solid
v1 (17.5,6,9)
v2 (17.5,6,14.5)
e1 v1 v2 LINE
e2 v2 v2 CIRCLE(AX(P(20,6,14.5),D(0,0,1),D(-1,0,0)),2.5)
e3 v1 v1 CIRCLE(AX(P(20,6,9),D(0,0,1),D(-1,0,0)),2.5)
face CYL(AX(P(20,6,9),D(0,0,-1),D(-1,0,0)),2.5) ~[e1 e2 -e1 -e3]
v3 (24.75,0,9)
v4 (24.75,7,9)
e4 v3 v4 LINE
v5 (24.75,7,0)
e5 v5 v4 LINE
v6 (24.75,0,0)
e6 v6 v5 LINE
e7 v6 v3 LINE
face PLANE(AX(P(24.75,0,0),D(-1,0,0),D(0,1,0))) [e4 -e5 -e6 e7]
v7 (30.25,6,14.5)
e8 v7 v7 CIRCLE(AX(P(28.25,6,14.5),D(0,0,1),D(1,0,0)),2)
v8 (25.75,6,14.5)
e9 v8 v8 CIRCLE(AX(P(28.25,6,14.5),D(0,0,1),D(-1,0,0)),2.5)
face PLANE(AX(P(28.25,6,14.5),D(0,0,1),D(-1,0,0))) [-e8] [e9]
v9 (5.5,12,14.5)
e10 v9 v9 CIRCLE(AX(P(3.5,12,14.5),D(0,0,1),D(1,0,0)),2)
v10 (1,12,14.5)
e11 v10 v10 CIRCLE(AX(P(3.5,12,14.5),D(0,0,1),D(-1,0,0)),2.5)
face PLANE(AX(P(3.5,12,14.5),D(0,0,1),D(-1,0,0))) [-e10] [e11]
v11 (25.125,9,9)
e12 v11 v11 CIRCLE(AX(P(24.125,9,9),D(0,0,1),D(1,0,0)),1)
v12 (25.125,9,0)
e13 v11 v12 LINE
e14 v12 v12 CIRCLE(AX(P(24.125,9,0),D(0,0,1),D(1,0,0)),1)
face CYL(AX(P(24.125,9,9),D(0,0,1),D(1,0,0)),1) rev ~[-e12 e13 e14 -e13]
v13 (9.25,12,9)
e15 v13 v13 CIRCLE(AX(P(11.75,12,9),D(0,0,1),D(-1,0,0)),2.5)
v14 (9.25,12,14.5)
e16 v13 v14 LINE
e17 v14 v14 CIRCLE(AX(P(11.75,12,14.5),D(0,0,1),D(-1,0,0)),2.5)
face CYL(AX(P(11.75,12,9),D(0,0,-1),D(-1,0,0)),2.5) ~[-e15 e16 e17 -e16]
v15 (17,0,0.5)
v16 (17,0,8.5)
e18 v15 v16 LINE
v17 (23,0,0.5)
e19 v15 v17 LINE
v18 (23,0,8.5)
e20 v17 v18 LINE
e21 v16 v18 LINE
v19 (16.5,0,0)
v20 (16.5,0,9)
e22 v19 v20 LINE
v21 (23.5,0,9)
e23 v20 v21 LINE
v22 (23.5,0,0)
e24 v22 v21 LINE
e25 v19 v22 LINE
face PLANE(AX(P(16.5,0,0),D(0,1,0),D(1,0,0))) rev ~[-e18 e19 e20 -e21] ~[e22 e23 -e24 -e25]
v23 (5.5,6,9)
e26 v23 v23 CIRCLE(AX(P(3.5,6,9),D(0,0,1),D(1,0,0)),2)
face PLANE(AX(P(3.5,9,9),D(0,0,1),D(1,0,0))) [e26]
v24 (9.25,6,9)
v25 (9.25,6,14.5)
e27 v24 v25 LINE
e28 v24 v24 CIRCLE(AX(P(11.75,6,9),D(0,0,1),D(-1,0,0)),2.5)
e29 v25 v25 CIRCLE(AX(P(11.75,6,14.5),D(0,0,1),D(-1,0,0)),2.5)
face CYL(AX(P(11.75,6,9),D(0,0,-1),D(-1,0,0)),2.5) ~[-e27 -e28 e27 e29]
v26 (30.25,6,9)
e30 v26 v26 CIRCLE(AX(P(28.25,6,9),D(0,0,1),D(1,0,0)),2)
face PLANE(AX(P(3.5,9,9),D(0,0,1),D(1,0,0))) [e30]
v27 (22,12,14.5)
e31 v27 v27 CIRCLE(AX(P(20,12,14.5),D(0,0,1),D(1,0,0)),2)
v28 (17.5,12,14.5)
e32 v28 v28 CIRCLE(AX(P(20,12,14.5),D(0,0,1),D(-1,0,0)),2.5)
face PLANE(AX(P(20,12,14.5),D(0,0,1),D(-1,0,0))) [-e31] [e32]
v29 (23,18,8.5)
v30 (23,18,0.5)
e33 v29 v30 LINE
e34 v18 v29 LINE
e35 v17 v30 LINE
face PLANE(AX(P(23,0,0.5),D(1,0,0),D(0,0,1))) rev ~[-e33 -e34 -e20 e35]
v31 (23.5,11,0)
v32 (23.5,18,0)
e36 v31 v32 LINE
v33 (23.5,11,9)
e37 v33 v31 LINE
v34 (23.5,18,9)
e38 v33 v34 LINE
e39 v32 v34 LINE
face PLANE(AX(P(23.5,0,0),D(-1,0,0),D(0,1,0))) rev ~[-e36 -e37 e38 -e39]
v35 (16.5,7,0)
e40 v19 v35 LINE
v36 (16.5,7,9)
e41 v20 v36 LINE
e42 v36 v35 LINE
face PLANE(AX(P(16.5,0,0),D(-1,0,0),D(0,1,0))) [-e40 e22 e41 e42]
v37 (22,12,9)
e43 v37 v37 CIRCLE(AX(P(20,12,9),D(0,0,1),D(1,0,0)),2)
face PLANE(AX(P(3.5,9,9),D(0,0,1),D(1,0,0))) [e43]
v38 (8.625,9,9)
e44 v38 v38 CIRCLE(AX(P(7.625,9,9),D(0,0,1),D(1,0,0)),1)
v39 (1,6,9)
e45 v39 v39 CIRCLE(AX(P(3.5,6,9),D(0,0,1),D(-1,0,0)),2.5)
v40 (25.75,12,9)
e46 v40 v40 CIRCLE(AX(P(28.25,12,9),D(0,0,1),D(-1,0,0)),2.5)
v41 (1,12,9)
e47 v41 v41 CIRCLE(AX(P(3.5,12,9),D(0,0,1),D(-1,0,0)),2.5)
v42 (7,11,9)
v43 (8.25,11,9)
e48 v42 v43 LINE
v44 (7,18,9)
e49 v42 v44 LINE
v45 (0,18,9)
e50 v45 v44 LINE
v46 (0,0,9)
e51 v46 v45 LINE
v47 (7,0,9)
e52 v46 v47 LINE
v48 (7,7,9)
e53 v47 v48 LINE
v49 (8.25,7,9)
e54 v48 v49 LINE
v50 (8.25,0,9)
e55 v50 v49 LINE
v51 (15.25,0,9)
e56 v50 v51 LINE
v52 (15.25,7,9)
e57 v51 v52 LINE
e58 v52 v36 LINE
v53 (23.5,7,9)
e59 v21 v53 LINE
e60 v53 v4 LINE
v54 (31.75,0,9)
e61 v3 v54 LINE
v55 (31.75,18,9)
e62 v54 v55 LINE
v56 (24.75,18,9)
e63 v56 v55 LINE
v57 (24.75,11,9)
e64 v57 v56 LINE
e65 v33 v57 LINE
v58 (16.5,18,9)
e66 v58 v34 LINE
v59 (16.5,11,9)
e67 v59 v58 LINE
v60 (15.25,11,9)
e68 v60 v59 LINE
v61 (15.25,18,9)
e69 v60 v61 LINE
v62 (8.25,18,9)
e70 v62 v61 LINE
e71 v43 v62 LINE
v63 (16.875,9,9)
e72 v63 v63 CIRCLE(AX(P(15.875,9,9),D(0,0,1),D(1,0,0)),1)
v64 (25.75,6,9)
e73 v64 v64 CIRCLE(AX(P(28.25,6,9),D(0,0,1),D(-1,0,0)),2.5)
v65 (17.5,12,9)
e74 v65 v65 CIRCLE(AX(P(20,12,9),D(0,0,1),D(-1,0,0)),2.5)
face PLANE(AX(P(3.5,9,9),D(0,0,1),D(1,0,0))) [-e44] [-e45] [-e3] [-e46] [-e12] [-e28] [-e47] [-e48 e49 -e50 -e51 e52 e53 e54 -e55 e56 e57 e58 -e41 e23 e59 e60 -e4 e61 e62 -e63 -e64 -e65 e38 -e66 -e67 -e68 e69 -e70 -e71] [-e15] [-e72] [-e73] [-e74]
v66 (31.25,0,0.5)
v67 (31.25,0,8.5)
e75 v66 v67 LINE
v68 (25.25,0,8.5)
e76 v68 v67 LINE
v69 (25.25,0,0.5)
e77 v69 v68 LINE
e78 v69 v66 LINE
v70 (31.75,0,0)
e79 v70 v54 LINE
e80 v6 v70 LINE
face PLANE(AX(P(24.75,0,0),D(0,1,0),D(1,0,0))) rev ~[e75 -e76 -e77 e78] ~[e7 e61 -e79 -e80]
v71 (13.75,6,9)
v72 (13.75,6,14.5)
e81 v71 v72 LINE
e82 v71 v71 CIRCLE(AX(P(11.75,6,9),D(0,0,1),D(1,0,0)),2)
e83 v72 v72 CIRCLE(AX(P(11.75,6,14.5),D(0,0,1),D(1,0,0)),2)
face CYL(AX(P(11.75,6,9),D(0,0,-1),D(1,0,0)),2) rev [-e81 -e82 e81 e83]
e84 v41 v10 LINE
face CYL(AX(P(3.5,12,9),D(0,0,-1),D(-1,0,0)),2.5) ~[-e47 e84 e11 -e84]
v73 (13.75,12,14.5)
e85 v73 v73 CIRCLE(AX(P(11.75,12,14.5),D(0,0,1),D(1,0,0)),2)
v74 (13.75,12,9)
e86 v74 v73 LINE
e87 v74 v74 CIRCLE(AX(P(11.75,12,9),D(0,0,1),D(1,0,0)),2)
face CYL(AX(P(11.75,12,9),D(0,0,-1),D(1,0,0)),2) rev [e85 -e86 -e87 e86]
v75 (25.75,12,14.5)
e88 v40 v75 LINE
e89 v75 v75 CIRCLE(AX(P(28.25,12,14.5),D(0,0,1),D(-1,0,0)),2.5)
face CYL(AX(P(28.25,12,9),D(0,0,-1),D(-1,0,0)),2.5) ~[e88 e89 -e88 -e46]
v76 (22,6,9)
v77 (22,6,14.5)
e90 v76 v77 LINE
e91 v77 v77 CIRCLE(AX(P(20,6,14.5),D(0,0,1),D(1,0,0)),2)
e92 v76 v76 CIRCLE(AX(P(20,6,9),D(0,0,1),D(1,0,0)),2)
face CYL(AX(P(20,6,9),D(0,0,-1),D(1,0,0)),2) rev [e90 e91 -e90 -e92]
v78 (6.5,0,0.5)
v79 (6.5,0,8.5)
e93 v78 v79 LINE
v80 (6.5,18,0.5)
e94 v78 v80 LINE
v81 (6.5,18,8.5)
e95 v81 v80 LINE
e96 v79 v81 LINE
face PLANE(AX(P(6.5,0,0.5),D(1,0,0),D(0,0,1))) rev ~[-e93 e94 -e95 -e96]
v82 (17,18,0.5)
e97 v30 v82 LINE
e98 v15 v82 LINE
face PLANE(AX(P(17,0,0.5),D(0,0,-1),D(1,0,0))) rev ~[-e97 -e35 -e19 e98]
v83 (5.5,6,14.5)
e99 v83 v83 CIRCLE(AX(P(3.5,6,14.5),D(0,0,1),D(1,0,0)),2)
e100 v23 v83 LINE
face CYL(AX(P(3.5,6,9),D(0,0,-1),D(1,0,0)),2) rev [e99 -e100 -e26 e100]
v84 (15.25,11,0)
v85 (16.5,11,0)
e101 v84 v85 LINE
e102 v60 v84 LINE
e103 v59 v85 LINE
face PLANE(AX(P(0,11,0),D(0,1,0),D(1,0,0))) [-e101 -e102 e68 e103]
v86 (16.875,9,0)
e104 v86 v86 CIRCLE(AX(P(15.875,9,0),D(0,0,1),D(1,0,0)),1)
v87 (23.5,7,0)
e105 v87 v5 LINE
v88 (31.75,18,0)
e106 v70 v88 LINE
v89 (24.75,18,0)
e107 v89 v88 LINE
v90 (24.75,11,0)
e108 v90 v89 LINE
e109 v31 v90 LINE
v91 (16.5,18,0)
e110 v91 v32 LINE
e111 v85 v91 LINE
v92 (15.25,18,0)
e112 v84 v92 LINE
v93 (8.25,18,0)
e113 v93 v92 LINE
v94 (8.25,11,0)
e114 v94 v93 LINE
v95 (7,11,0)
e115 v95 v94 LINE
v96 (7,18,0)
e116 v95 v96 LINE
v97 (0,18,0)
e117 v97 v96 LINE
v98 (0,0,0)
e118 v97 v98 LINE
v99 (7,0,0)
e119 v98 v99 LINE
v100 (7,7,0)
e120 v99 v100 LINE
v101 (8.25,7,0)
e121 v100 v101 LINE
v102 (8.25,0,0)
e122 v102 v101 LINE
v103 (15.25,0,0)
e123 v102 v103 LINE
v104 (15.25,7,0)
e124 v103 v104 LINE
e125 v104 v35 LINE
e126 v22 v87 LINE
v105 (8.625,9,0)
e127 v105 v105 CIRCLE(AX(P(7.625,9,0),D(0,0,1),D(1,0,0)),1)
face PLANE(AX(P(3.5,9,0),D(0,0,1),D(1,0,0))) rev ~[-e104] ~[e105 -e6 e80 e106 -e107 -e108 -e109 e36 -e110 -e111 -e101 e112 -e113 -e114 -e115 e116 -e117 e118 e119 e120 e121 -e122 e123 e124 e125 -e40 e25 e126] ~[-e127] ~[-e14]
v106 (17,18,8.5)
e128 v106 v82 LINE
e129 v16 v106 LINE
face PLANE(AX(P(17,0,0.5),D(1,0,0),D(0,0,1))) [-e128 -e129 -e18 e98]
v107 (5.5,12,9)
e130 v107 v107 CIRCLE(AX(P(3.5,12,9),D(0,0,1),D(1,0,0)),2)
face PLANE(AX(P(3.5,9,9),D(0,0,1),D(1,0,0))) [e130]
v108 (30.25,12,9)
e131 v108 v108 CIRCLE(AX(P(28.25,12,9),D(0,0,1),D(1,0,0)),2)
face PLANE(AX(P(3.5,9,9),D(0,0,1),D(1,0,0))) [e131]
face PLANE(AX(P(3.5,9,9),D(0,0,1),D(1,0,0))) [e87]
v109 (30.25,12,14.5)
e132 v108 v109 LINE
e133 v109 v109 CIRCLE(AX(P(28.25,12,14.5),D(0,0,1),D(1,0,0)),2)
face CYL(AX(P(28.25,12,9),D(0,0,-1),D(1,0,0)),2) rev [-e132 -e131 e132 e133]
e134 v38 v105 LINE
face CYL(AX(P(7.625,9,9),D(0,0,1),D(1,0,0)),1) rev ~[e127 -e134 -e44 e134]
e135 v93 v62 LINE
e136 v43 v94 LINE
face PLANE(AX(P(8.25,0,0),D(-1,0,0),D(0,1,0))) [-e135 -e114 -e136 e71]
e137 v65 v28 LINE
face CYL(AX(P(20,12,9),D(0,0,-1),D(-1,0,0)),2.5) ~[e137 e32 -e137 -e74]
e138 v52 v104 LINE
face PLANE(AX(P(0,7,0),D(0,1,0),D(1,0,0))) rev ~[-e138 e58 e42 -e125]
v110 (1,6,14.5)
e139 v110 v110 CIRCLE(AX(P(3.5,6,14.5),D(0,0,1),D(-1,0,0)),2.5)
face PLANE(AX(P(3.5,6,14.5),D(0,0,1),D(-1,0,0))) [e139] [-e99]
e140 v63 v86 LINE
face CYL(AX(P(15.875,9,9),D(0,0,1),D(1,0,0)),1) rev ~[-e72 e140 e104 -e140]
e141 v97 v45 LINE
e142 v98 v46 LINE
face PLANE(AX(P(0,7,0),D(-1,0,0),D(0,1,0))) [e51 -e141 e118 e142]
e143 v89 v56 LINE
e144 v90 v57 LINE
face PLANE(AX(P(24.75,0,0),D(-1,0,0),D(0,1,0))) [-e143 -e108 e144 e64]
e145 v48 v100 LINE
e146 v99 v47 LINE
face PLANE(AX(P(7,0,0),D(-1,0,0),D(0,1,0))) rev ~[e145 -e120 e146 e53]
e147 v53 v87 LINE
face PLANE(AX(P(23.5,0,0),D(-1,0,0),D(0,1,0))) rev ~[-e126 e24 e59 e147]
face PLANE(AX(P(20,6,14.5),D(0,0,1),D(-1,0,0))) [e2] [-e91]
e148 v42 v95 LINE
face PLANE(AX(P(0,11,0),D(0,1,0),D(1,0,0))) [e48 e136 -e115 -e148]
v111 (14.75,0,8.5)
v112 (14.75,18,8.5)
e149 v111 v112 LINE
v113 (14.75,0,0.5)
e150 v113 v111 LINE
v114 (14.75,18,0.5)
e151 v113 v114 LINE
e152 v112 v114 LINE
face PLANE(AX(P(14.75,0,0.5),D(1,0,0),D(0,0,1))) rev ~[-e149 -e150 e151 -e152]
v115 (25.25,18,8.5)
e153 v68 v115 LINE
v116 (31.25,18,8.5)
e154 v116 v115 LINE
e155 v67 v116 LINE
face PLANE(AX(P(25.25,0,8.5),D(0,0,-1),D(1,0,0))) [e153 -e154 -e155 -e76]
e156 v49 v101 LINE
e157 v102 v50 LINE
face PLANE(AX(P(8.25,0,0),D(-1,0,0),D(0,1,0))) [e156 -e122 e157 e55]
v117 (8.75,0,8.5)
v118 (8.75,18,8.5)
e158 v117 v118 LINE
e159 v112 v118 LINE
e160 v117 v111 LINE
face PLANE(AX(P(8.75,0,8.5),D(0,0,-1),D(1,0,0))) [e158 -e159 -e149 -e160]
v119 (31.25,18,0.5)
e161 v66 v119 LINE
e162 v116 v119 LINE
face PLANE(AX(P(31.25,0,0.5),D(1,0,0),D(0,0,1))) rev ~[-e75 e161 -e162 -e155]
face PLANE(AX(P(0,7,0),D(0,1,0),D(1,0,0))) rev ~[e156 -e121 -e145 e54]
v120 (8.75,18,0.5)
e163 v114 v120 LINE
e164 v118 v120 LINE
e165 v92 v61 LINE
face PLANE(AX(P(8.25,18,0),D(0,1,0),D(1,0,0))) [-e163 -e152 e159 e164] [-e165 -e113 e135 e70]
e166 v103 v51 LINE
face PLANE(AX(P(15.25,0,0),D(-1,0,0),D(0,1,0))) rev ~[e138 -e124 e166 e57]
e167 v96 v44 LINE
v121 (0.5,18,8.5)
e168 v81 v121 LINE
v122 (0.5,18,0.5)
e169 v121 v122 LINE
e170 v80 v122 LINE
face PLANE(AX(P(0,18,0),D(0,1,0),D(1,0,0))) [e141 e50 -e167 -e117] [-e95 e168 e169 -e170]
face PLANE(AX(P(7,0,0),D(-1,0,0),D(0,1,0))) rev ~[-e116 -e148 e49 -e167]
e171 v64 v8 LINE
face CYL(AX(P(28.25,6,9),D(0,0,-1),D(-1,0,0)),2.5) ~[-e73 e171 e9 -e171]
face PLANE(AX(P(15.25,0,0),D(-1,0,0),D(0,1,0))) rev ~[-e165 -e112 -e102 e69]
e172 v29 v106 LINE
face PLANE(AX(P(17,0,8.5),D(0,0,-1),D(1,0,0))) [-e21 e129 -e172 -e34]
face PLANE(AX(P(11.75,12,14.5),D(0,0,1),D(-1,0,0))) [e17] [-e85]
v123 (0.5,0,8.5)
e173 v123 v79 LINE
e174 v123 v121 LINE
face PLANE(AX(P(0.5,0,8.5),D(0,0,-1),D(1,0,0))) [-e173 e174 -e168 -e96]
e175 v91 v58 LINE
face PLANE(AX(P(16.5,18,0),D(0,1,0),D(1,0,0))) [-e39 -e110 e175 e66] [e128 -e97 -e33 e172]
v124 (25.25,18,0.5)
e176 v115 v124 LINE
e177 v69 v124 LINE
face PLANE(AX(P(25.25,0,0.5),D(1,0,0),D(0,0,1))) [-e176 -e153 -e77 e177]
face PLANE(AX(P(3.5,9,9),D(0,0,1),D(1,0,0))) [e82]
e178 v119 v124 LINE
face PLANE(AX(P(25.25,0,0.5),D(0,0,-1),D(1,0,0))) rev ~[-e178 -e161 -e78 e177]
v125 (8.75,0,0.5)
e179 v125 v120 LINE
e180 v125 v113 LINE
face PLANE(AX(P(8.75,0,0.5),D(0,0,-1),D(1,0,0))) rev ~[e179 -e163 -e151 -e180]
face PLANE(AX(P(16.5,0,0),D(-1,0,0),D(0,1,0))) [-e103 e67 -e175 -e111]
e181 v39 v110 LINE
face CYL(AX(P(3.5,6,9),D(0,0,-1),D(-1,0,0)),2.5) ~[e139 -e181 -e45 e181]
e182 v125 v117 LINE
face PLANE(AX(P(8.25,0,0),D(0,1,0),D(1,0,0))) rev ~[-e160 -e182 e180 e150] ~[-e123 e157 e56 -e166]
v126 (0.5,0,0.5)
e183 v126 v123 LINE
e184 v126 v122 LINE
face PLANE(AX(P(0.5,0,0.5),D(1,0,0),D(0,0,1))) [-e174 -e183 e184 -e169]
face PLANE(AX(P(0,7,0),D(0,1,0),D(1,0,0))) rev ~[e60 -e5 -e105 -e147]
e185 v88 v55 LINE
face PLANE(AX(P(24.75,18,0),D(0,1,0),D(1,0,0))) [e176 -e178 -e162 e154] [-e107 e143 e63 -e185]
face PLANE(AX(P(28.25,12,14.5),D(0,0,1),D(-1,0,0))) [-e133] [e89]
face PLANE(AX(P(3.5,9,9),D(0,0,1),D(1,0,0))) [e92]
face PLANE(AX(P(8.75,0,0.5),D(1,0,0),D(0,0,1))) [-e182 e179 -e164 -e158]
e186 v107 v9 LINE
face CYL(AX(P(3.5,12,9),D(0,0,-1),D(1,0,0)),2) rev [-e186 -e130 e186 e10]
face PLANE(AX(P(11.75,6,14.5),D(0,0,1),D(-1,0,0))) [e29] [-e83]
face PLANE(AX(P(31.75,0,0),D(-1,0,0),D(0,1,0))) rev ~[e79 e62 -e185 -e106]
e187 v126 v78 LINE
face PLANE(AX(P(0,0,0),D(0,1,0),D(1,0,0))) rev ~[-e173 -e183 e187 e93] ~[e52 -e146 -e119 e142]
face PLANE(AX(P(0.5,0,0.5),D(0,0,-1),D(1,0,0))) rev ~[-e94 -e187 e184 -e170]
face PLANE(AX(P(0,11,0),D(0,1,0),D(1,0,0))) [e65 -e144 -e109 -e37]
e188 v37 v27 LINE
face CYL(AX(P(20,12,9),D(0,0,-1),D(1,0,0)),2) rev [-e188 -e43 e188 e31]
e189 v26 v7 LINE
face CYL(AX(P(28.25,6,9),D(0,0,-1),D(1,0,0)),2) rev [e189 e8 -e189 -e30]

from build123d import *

# Parameters (mm, degrees)
CROQUIS1_W                = 7
CROQUIS1_H                = 18
SALIENTE_EXTRUIR1_DEPTH   = 9
SALIENTE_EXTRUIR1_2_DEPTH = 9
SALIENTE_EXTRUIR1_3_DEPTH = 9
SALIENTE_EXTRUIR1_4_DEPTH = 9
CROQUIS2_W                = 24.75
CROQUIS2_H                = 4
SALIENTE_EXTRUIR2_DEPTH   = 9
CROQUIS3_R                = 2.5
CROQUIS3_R_2              = 2
SALIENTE_EXTRUIR3_DEPTH   = 5.5
CROQUIS4_R                = 1
CORTAR_EXTRUIR1_DEPTH     = 38.59072359
CROQUIS5_W                = 6
CROQUIS5_H                = 8
CORTAR_EXTRUIR2_DEPTH     = 40.272286666


with BuildPart() as part:
    # Croquis1 → Saliente-Extruir1 (new body)
    with BuildSketch(Plane.XY):
        with Locations((11.75, 9)):
            Rectangle(CROQUIS1_W, CROQUIS1_H)
    extrude(amount=SALIENTE_EXTRUIR1_DEPTH)



with BuildPart() as body_2:
    # Croquis1 → Saliente-Extruir1 2 (new body)
    with BuildSketch(Plane.XY):
        with Locations((3.5, 9)):
            Rectangle(CROQUIS1_W, CROQUIS1_H)
    extrude(amount=SALIENTE_EXTRUIR1_2_DEPTH)


with BuildPart() as body_3:
    # Croquis1 → Saliente-Extruir1 3 (new body)
    with BuildSketch(Plane.XY):
        with Locations((20, 9)):
            Rectangle(CROQUIS1_W, CROQUIS1_H)
    extrude(amount=SALIENTE_EXTRUIR1_3_DEPTH)


with BuildPart() as body_4:
    # Croquis1 → Saliente-Extruir1 4 (new body)
    with BuildSketch(Plane.XY):
        with Locations((28.25, 9)):
            Rectangle(CROQUIS1_W, CROQUIS1_H)
    extrude(amount=SALIENTE_EXTRUIR1_4_DEPTH)


with BuildPart() as part_1:
    add(part.part)

    add(body_2.part)  # Saliente-Extruir2 merges body 2

    add(body_3.part)  # Saliente-Extruir2 merges body 3

    add(body_4.part)  # Saliente-Extruir2 merges body 4
    # Croquis2 → Saliente-Extruir2 (add)
    with BuildSketch(Plane.XY):
        with Locations((12.375, 9)):
            Rectangle(CROQUIS2_W, CROQUIS2_H)
    extrude(amount=SALIENTE_EXTRUIR2_DEPTH)

    # Croquis3 → Saliente-Extruir3 (add)
    # profile 1 of 8: a face of its own
    with BuildSketch(Plane.XY.offset(9)):
        with Locations(Location((3.5, 12, 0), (0, 0, 180))):
            Circle(CROQUIS3_R)
        with Locations((3.5, 12)):
            Circle(CROQUIS3_R_2, mode=Mode.SUBTRACT)
    # profile 2 of 8: a face of its own
    with BuildSketch(Plane.XY.offset(9)):
        with Locations(Location((11.75, 12, 0), (0, 0, 180))):
            Circle(CROQUIS3_R)
        with Locations((11.75, 12)):
            Circle(CROQUIS3_R_2, mode=Mode.SUBTRACT)
    # profile 3 of 8: a face of its own
    with BuildSketch(Plane.XY.offset(9)):
        with Locations(Location((20, 12, 0), (0, 0, 180))):
            Circle(CROQUIS3_R)
        with Locations((20, 12)):
            Circle(CROQUIS3_R_2, mode=Mode.SUBTRACT)
    # profile 4 of 8: a face of its own
    with BuildSketch(Plane.XY.offset(9)):
        with Locations(Location((28.25, 12, 0), (0, 0, 180))):
            Circle(CROQUIS3_R)
        with Locations((28.25, 12)):
            Circle(CROQUIS3_R_2, mode=Mode.SUBTRACT)
    # profile 5 of 8: a face of its own
    with BuildSketch(Plane.XY.offset(9)):
        with Locations(Location((11.75, 6, 0), (0, 0, 180))):
            Circle(CROQUIS3_R)
        with Locations((11.75, 6)):
            Circle(CROQUIS3_R_2, mode=Mode.SUBTRACT)
    # profile 6 of 8: a face of its own
    with BuildSketch(Plane.XY.offset(9)):
        with Locations(Location((20, 6, 0), (0, 0, 180))):
            Circle(CROQUIS3_R)
        with Locations((20, 6)):
            Circle(CROQUIS3_R_2, mode=Mode.SUBTRACT)
    # profile 7 of 8: a face of its own
    with BuildSketch(Plane.XY.offset(9)):
        with Locations(Location((28.25, 6, 0), (0, 0, 180))):
            Circle(CROQUIS3_R)
        with Locations((28.25, 6)):
            Circle(CROQUIS3_R_2, mode=Mode.SUBTRACT)
    # profile 8 of 8: a face of its own
    with BuildSketch(Plane.XY.offset(9)):
        with Locations(Location((3.5, 6, 0), (0, 0, 180))):
            Circle(CROQUIS3_R)
        with Locations((3.5, 6)):
            Circle(CROQUIS3_R_2, mode=Mode.SUBTRACT)
    extrude(amount=SALIENTE_EXTRUIR3_DEPTH)

    # Croquis4 → Cortar-Extruir1 (cut, through all)
    with BuildSketch(Plane.XY.offset(9)):
        with Locations((7.625, 9)):
            Circle(CROQUIS4_R)
        with Locations((15.875, 9)):
            Circle(CROQUIS4_R)
        with Locations((24.125, 9)):
            Circle(CROQUIS4_R)
    extrude(amount=-CORTAR_EXTRUIR1_DEPTH, mode=Mode.SUBTRACT)

    # Croquis5 → Cortar-Extruir2 (cut, through all)
    with BuildSketch(Plane.XZ):
        with Locations((3.5, 4.5)):
            Rectangle(CROQUIS5_W, CROQUIS5_H)
        with Locations((11.75, 4.5)):
            Rectangle(CROQUIS5_W, CROQUIS5_H)
        with Locations((20, 4.5)):
            Rectangle(CROQUIS5_W, CROQUIS5_H)
        with Locations((28.25, 4.5)):
            Rectangle(CROQUIS5_W, CROQUIS5_H)
    extrude(amount=-CORTAR_EXTRUIR2_DEPTH, mode=Mode.SUBTRACT)


solid = part_1.part
